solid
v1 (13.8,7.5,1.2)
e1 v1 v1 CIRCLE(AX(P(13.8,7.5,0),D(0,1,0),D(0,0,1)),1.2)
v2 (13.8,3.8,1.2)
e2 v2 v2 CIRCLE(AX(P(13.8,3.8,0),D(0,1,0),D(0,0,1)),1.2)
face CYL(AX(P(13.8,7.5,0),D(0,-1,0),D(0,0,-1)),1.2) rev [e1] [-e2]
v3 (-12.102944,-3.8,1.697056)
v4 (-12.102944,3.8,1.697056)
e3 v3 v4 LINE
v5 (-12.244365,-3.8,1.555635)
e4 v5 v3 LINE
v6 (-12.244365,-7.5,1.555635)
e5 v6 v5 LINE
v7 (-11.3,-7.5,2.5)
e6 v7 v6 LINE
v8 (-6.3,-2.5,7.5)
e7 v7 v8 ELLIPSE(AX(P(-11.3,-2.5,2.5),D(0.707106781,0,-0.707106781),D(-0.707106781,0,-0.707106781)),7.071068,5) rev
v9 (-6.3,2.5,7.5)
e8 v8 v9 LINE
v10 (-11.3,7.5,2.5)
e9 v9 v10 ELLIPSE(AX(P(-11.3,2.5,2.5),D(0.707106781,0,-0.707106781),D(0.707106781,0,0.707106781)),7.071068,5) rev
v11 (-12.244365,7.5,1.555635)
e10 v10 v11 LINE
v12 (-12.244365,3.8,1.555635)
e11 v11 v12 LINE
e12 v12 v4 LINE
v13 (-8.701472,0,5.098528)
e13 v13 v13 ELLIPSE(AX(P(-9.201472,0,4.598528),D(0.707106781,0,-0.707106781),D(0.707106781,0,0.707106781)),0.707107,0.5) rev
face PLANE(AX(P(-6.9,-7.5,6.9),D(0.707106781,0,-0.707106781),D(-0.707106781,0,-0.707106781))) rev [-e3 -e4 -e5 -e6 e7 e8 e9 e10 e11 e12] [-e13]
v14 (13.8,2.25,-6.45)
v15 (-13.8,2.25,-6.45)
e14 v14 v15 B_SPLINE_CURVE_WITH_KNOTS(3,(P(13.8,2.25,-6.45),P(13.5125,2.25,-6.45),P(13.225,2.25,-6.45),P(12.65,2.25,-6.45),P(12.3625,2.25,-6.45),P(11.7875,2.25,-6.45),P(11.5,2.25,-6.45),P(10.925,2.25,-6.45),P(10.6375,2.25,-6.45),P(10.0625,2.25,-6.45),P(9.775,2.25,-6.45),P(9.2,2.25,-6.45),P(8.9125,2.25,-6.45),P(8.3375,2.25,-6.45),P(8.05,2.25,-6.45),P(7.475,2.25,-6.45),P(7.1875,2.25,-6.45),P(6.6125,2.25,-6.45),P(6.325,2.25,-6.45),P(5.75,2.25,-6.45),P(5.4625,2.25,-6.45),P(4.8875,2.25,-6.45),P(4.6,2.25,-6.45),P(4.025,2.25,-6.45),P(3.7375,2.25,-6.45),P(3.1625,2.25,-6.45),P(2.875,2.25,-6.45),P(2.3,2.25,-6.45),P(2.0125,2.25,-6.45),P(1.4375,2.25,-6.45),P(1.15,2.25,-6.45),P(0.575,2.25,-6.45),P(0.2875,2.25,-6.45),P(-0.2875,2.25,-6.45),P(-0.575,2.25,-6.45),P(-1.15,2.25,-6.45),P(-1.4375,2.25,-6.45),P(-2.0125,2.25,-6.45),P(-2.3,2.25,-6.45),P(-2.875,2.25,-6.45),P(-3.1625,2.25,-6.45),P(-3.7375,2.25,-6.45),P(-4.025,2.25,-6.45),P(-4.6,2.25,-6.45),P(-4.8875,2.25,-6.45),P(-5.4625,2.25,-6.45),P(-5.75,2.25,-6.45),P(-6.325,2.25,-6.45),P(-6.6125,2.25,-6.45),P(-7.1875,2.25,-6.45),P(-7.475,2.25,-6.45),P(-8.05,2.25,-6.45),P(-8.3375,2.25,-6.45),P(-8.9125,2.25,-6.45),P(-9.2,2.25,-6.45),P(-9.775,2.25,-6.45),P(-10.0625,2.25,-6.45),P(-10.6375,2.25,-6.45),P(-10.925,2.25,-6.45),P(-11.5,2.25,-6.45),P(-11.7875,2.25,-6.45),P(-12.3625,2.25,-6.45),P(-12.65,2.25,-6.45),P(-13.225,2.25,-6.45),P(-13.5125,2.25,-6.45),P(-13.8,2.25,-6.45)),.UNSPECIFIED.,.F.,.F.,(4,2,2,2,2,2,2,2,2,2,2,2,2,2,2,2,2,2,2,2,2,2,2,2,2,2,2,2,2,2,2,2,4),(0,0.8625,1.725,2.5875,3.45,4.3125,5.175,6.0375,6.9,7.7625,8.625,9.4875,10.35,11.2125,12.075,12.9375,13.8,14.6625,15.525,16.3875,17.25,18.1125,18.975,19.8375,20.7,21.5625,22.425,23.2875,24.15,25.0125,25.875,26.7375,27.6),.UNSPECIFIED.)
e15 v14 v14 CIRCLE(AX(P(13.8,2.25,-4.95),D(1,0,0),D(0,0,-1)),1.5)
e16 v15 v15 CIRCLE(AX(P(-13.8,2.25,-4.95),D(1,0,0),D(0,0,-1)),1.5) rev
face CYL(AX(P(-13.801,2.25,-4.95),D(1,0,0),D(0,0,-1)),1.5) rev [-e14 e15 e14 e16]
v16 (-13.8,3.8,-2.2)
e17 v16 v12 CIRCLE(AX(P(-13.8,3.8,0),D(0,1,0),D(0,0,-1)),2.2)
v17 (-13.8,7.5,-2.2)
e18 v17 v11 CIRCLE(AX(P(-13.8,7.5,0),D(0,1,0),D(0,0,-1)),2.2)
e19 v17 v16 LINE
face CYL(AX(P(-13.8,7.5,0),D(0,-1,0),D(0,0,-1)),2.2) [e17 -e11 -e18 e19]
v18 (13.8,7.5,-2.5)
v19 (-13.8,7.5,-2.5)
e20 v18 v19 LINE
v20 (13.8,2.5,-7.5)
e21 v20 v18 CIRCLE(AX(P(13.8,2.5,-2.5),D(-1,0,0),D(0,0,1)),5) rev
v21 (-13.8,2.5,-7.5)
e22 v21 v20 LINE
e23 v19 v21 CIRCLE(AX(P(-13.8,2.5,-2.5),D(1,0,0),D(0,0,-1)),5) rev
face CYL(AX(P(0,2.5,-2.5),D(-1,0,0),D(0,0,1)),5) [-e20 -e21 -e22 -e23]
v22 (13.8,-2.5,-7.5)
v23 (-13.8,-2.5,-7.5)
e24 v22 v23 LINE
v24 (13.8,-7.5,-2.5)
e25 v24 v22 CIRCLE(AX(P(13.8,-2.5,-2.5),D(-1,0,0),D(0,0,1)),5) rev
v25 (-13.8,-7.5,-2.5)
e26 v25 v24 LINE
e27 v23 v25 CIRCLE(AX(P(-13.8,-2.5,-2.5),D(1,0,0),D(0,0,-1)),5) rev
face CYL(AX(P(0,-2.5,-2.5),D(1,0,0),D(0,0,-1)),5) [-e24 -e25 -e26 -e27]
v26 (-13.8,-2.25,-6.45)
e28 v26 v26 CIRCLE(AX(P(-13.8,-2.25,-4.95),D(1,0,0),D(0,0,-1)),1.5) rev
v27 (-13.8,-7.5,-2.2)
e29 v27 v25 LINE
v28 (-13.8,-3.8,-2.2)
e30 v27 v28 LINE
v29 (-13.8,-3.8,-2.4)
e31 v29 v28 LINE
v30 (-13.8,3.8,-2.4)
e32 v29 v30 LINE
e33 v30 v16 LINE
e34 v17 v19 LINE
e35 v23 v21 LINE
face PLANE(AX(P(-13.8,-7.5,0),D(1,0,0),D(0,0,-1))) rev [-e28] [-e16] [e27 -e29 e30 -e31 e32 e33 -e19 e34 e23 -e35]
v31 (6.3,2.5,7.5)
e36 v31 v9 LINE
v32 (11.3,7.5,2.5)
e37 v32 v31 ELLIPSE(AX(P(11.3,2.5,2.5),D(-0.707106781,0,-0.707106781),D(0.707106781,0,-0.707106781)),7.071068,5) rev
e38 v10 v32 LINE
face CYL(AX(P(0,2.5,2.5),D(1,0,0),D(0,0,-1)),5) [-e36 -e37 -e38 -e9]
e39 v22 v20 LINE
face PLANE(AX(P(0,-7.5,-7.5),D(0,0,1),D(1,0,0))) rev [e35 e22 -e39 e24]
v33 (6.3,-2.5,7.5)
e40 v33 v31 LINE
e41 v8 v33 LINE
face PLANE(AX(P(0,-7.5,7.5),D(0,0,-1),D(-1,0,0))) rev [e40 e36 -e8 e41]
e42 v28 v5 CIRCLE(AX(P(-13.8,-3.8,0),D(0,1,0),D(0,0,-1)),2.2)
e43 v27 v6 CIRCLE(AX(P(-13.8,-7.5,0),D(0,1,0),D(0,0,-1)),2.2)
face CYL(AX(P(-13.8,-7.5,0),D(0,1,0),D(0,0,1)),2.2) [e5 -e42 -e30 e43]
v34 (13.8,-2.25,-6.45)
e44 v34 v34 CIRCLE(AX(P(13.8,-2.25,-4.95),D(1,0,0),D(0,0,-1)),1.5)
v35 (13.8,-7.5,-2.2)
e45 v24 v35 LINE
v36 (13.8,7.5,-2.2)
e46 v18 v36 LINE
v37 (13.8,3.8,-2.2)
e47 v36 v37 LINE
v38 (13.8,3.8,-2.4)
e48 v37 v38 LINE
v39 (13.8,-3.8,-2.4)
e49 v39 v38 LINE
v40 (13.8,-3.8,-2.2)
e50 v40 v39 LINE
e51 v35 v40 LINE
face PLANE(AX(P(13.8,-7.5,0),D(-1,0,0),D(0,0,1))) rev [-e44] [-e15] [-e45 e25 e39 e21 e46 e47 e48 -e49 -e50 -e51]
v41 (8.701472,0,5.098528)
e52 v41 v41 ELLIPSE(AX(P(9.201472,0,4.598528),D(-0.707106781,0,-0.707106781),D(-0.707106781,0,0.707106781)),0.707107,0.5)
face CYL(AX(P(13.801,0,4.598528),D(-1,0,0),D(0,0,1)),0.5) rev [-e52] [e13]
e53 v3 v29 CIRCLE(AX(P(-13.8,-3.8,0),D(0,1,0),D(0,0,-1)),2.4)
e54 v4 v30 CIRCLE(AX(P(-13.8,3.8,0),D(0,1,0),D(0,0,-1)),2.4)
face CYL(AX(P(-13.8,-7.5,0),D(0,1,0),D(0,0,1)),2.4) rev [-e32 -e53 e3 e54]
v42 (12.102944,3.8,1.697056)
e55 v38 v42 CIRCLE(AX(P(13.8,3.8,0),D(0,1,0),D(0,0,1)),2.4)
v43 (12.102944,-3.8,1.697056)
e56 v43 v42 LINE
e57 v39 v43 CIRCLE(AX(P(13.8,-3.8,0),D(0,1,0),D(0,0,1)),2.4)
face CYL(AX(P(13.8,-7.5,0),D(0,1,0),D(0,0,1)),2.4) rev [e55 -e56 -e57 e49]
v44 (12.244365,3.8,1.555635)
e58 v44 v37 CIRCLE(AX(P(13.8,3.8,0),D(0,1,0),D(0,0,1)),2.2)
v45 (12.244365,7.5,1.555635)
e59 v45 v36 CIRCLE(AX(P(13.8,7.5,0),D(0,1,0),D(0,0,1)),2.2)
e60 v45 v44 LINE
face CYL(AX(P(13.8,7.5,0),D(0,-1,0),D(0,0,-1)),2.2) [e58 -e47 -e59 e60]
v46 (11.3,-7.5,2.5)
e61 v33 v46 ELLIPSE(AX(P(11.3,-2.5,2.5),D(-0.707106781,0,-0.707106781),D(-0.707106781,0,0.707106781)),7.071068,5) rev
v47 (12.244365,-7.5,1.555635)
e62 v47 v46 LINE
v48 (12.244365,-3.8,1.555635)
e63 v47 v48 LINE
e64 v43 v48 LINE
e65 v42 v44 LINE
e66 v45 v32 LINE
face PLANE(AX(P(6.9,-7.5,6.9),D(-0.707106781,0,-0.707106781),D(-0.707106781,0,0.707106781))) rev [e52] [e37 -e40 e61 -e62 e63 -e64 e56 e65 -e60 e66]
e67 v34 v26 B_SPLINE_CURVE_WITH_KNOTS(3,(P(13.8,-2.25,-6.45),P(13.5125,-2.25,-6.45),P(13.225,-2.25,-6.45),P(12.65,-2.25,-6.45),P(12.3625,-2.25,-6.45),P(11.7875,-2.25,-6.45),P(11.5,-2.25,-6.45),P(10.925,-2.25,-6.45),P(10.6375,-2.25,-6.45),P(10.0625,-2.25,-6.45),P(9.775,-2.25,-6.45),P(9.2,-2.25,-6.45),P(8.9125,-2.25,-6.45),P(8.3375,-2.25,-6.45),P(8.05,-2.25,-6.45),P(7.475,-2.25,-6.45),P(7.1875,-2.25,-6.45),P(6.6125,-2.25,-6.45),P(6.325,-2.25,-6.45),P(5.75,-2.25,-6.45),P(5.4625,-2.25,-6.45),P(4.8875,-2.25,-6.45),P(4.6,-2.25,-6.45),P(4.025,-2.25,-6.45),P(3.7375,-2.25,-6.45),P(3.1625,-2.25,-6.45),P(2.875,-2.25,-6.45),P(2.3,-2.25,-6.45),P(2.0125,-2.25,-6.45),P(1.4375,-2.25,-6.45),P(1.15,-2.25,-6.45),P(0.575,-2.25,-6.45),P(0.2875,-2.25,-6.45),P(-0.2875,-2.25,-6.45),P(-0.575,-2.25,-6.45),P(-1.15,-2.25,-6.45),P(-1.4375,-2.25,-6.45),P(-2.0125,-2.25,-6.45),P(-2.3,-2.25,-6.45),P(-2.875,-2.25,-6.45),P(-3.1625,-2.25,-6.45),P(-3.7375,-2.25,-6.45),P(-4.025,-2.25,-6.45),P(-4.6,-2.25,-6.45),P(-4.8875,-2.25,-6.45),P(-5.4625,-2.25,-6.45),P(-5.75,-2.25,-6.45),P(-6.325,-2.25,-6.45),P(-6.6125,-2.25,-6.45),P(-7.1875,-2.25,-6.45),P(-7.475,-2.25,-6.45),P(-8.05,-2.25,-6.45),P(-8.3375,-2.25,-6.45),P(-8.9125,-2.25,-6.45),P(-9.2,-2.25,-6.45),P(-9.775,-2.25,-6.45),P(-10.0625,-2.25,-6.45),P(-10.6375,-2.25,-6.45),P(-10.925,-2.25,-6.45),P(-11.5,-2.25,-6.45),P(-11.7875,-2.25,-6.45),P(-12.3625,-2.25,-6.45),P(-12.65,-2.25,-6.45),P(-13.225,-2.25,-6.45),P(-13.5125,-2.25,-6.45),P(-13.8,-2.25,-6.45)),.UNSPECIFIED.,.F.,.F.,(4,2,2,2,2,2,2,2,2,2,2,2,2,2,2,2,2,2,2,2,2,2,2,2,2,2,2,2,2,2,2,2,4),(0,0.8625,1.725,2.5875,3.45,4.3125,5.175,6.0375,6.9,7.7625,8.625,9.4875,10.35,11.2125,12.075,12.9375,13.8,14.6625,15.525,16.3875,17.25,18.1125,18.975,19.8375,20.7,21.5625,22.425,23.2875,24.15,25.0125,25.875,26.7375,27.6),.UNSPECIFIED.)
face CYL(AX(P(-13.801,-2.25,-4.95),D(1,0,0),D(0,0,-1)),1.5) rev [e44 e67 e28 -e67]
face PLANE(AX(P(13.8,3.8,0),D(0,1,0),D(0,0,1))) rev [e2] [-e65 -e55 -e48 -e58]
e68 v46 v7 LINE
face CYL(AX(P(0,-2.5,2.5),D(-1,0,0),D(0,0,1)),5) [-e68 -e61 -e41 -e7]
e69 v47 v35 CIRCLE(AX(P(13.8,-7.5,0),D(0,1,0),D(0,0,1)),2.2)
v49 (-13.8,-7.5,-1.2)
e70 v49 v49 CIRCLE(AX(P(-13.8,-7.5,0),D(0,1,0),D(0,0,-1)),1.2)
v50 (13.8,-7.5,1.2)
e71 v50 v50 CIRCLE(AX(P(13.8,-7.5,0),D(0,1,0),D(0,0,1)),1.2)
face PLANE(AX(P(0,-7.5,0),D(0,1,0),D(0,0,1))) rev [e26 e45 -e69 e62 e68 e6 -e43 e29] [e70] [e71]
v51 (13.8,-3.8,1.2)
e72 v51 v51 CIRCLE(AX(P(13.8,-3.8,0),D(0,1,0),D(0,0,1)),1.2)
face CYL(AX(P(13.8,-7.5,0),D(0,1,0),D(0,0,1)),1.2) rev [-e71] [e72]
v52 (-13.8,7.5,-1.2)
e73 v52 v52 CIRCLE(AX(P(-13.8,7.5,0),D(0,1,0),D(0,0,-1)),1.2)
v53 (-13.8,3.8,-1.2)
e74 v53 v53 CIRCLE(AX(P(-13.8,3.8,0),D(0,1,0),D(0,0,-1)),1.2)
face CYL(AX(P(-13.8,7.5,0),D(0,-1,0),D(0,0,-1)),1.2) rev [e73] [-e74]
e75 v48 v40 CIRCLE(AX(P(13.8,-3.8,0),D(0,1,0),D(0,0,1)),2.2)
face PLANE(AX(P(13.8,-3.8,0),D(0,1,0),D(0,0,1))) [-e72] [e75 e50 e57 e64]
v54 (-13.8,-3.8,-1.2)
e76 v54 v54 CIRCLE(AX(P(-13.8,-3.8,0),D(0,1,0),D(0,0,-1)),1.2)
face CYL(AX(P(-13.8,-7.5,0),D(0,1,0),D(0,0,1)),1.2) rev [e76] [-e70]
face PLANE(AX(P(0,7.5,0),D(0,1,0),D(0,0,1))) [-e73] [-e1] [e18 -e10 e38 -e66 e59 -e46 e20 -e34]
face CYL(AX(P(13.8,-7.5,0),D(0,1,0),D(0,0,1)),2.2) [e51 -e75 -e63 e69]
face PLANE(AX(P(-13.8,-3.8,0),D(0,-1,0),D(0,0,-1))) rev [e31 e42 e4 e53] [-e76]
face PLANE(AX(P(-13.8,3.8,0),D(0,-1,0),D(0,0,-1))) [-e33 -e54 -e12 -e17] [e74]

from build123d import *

# Parameters (mm, degrees)
BOSS_EXTRUDE1_DEPTH            = 7.5
BOSS_EXTRUDE1_DEPTH_BACK       = 7.5
CUT_EXTRUDE3_REACH             = 31.568
SKETCH5_R                      = 1.5
FILLET1_R                      = 5
CUT_EXTRUDE2_REACH             = 19.405
SKETCH3_R                      = 0.5
CUT_EXTRUDE2_DIRECTION_2_REACH = 19.405
FILLET2_R                      = 5
BOSS_EXTRUDE2_START            = 3.8
SKETCH6_R                      = 1.2
BOSS_EXTRUDE2_DEPTH            = 3.7
BOSS_EXTRUDE3_START            = -7.5
SKETCH6_4_R                    = 1.2
BOSS_EXTRUDE3_DEPTH            = 3.7


with BuildPart() as part:
    # Sketch1 → Boss-Extrude1 (new, two sides: drawn at the far end of the back side and taken through both)
    with BuildSketch(Plane(origin=(0, 0, 0), x_dir=(-1, 0, 0), z_dir=(0, 1, 0)).offset(-BOSS_EXTRUDE1_DEPTH_BACK)):
        with BuildLine():
            Line((6.3, 7.5), (-6.3, 7.5))
            Line((-6.3, 7.5), (-12.102943725, 1.697056275))
            ThreePointArc((-12.102943725, 1.697056275), (-11.582689122, -0.918440238), (-13.8, -2.4))
            Line((-13.8, -2.4), (-13.8, -7.5))
            Line((-13.8, -7.5), (13.8, -7.5))
            Line((13.8, -7.5), (13.8, -2.4))
            ThreePointArc((13.8, -2.4), (11.582689122, -0.918440238), (12.102943725, 1.697056275))
            Line((12.102943725, 1.697056275), (6.3, 7.5))
        make_face()
    extrude(amount=BOSS_EXTRUDE1_DEPTH + BOSS_EXTRUDE1_DEPTH_BACK)

    # Sketch5 → Cut-Extrude3 (cut, up to next)
    with BuildSketch(Plane.YZ.offset(13.8), mode=Mode.PRIVATE) as cut_extrude3_sk1:
        with Locations(Location((-2.25, -4.95, 0), (0, 0, 270))):
            Circle(SKETCH5_R)
    cut_extrude3_tool1 = extrude(cut_extrude3_sk1.sketch, amount=-CUT_EXTRUDE3_REACH, mode=Mode.PRIVATE) & part.part
    # Sketch5 → Cut-Extrude3 (cut, up to next)
    with BuildSketch(Plane.YZ.offset(13.8), mode=Mode.PRIVATE) as cut_extrude3_sk2:
        with Locations(Location((2.25, -4.95, 0), (0, 0, 270))):
            Circle(SKETCH5_R)
    cut_extrude3_tool2 = extrude(cut_extrude3_sk2.sketch, amount=-CUT_EXTRUDE3_REACH, mode=Mode.PRIVATE) & part.part
    add(cut_extrude3_tool1.solids().sort_by_distance((13.8, -2.25, -4.95))[0], mode=Mode.SUBTRACT)
    add(cut_extrude3_tool2.solids().sort_by_distance((13.8, 2.25, -4.95))[0], mode=Mode.SUBTRACT)

    # Fillet1
    fillet1_edges = [part.edges().sort_by_distance(p)[0] for p in [
        (0, -7.5, -7.5),
        (0, 7.5, -7.5),
    ]]
    fillet(fillet1_edges, radius=FILLET1_R)

    # Cut-Extrude2: up to this plane
    cut_extrude2_end = Plane(origin=(-6.9, -7.5, 6.9), z_dir=(0.7071067811865475, 0, -0.7071067811865477))
    # Sketch3 → Cut-Extrude2 (cut, up to the surface)
    with BuildSketch(Plane.YZ, mode=Mode.PRIVATE) as cut_extrude2_sk1:
        with Locations(Location((0, 4.598528137, 0), (0, 0, 90))):
            Circle(SKETCH3_R)
    cut_extrude2_tool1 = split(extrude(cut_extrude2_sk1.sketch, amount=-CUT_EXTRUDE2_REACH, mode=Mode.PRIVATE), bisect_by=cut_extrude2_end, keep=Keep.BOTH, mode=Mode.PRIVATE)
    add(cut_extrude2_tool1.solids().sort_by_distance((0, 0, 4.598528))[0], mode=Mode.SUBTRACT)

    # Cut-Extrude2 direction 2: up to this plane
    cut_extrude2_direction_2_end = Plane(origin=(6.9, -7.5, 6.9), z_dir=(-0.7071067811865475, 0, -0.7071067811865476))
    # Sketch3 → Cut-Extrude2 direction 2 (cut, up to the surface)
    with BuildSketch(Plane.YZ, mode=Mode.PRIVATE) as cut_extrude2_direction_2_sk1:
        with Locations(Location((0, 4.598528137, 0), (0, 0, 90))):
            Circle(SKETCH3_R)
    cut_extrude2_direction_2_tool1 = split(extrude(cut_extrude2_direction_2_sk1.sketch, amount=CUT_EXTRUDE2_DIRECTION_2_REACH, mode=Mode.PRIVATE), bisect_by=cut_extrude2_direction_2_end, keep=Keep.BOTH, mode=Mode.PRIVATE)
    add(cut_extrude2_direction_2_tool1.solids().sort_by_distance((0, 0, 4.598528))[0], mode=Mode.SUBTRACT)

    # Fillet2
    fillet2_edges = [part.edges().sort_by_distance(p)[0] for p in [
        (0, 7.5, 7.5),
        (0, -7.5, 7.5),
    ]]
    fillet(fillet2_edges, radius=FILLET2_R)

    # Sketch6 → Boss-Extrude2 (add)
    # profile 1 of 2: a face of its own
    with BuildSketch(Plane(origin=(0, 0, 0), x_dir=(-1, 0, 0), z_dir=(0, 1, 0)).offset(BOSS_EXTRUDE2_START)):
        with BuildLine():
            Line((-12.102943725, 1.697056275), (-12.244365081, 1.555634919))
            ThreePointArc((-12.244365081, 1.555634919), (-15.832534972, 0.841903551), (-13.8, -2.2))
            Line((-13.8, -2.2), (-13.8, -2.4))
            ThreePointArc((-13.8, -2.4), (-11.582689122, -0.918440238), (-12.102943725, 1.697056275))
        make_face()
        with Locations(Location((-13.8, 0, 0), (0, 0, 90))):
            Circle(SKETCH6_R, mode=Mode.SUBTRACT)
    # profile 2 of 2: a face of its own
    with BuildSketch(Plane(origin=(0, 0, 0), x_dir=(-1, 0, 0), z_dir=(0, 1, 0)).offset(BOSS_EXTRUDE2_START)):
        with BuildLine():
            Line((13.8, -2.4), (13.8, -2.2))
            ThreePointArc((13.8, -2.2), (15.832534972, 0.841903551), (12.244365081, 1.555634919))
            Line((12.244365081, 1.555634919), (12.102943725, 1.697056275))
            ThreePointArc((12.102943725, 1.697056275), (11.582689122, -0.918440238), (13.8, -2.4))
        make_face()
        with Locations(Location((13.8, 0, 0), (0, 0, 270))):
            Circle(SKETCH6_R, mode=Mode.SUBTRACT)
    extrude(amount=BOSS_EXTRUDE2_DEPTH)

    # Sketch6<4> → Boss-Extrude3 (add)
    # profile 1 of 2: a face of its own
    with BuildSketch(Plane(origin=(0, 0, 0), x_dir=(-1, 0, 0), z_dir=(0, 1, 0)).offset(BOSS_EXTRUDE3_START)):
        with BuildLine():
            Line((-12.102943725, 1.697056275), (-12.244365081, 1.555634919))
            ThreePointArc((-12.244365081, 1.555634919), (-15.832534972, 0.841903551), (-13.8, -2.2))
            Line((-13.8, -2.2), (-13.8, -2.4))
            ThreePointArc((-13.8, -2.4), (-11.582689122, -0.918440238), (-12.102943725, 1.697056275))
        make_face()
        with Locations(Location((-13.8, 0, 0), (0, 0, 90))):
            Circle(SKETCH6_4_R, mode=Mode.SUBTRACT)
    # profile 2 of 2: a face of its own
    with BuildSketch(Plane(origin=(0, 0, 0), x_dir=(-1, 0, 0), z_dir=(0, 1, 0)).offset(BOSS_EXTRUDE3_START)):
        with BuildLine():
            Line((13.8, -2.4), (13.8, -2.2))
            ThreePointArc((13.8, -2.2), (15.832534972, 0.841903551), (12.244365081, 1.555634919))
            Line((12.244365081, 1.555634919), (12.102943725, 1.697056275))
            ThreePointArc((12.102943725, 1.697056275), (11.582689122, -0.918440238), (13.8, -2.4))
        make_face()
        with Locations(Location((13.8, 0, 0), (0, 0, 270))):
            Circle(SKETCH6_4_R, mode=Mode.SUBTRACT)
    extrude(amount=BOSS_EXTRUDE3_DEPTH)


solid = part.part
